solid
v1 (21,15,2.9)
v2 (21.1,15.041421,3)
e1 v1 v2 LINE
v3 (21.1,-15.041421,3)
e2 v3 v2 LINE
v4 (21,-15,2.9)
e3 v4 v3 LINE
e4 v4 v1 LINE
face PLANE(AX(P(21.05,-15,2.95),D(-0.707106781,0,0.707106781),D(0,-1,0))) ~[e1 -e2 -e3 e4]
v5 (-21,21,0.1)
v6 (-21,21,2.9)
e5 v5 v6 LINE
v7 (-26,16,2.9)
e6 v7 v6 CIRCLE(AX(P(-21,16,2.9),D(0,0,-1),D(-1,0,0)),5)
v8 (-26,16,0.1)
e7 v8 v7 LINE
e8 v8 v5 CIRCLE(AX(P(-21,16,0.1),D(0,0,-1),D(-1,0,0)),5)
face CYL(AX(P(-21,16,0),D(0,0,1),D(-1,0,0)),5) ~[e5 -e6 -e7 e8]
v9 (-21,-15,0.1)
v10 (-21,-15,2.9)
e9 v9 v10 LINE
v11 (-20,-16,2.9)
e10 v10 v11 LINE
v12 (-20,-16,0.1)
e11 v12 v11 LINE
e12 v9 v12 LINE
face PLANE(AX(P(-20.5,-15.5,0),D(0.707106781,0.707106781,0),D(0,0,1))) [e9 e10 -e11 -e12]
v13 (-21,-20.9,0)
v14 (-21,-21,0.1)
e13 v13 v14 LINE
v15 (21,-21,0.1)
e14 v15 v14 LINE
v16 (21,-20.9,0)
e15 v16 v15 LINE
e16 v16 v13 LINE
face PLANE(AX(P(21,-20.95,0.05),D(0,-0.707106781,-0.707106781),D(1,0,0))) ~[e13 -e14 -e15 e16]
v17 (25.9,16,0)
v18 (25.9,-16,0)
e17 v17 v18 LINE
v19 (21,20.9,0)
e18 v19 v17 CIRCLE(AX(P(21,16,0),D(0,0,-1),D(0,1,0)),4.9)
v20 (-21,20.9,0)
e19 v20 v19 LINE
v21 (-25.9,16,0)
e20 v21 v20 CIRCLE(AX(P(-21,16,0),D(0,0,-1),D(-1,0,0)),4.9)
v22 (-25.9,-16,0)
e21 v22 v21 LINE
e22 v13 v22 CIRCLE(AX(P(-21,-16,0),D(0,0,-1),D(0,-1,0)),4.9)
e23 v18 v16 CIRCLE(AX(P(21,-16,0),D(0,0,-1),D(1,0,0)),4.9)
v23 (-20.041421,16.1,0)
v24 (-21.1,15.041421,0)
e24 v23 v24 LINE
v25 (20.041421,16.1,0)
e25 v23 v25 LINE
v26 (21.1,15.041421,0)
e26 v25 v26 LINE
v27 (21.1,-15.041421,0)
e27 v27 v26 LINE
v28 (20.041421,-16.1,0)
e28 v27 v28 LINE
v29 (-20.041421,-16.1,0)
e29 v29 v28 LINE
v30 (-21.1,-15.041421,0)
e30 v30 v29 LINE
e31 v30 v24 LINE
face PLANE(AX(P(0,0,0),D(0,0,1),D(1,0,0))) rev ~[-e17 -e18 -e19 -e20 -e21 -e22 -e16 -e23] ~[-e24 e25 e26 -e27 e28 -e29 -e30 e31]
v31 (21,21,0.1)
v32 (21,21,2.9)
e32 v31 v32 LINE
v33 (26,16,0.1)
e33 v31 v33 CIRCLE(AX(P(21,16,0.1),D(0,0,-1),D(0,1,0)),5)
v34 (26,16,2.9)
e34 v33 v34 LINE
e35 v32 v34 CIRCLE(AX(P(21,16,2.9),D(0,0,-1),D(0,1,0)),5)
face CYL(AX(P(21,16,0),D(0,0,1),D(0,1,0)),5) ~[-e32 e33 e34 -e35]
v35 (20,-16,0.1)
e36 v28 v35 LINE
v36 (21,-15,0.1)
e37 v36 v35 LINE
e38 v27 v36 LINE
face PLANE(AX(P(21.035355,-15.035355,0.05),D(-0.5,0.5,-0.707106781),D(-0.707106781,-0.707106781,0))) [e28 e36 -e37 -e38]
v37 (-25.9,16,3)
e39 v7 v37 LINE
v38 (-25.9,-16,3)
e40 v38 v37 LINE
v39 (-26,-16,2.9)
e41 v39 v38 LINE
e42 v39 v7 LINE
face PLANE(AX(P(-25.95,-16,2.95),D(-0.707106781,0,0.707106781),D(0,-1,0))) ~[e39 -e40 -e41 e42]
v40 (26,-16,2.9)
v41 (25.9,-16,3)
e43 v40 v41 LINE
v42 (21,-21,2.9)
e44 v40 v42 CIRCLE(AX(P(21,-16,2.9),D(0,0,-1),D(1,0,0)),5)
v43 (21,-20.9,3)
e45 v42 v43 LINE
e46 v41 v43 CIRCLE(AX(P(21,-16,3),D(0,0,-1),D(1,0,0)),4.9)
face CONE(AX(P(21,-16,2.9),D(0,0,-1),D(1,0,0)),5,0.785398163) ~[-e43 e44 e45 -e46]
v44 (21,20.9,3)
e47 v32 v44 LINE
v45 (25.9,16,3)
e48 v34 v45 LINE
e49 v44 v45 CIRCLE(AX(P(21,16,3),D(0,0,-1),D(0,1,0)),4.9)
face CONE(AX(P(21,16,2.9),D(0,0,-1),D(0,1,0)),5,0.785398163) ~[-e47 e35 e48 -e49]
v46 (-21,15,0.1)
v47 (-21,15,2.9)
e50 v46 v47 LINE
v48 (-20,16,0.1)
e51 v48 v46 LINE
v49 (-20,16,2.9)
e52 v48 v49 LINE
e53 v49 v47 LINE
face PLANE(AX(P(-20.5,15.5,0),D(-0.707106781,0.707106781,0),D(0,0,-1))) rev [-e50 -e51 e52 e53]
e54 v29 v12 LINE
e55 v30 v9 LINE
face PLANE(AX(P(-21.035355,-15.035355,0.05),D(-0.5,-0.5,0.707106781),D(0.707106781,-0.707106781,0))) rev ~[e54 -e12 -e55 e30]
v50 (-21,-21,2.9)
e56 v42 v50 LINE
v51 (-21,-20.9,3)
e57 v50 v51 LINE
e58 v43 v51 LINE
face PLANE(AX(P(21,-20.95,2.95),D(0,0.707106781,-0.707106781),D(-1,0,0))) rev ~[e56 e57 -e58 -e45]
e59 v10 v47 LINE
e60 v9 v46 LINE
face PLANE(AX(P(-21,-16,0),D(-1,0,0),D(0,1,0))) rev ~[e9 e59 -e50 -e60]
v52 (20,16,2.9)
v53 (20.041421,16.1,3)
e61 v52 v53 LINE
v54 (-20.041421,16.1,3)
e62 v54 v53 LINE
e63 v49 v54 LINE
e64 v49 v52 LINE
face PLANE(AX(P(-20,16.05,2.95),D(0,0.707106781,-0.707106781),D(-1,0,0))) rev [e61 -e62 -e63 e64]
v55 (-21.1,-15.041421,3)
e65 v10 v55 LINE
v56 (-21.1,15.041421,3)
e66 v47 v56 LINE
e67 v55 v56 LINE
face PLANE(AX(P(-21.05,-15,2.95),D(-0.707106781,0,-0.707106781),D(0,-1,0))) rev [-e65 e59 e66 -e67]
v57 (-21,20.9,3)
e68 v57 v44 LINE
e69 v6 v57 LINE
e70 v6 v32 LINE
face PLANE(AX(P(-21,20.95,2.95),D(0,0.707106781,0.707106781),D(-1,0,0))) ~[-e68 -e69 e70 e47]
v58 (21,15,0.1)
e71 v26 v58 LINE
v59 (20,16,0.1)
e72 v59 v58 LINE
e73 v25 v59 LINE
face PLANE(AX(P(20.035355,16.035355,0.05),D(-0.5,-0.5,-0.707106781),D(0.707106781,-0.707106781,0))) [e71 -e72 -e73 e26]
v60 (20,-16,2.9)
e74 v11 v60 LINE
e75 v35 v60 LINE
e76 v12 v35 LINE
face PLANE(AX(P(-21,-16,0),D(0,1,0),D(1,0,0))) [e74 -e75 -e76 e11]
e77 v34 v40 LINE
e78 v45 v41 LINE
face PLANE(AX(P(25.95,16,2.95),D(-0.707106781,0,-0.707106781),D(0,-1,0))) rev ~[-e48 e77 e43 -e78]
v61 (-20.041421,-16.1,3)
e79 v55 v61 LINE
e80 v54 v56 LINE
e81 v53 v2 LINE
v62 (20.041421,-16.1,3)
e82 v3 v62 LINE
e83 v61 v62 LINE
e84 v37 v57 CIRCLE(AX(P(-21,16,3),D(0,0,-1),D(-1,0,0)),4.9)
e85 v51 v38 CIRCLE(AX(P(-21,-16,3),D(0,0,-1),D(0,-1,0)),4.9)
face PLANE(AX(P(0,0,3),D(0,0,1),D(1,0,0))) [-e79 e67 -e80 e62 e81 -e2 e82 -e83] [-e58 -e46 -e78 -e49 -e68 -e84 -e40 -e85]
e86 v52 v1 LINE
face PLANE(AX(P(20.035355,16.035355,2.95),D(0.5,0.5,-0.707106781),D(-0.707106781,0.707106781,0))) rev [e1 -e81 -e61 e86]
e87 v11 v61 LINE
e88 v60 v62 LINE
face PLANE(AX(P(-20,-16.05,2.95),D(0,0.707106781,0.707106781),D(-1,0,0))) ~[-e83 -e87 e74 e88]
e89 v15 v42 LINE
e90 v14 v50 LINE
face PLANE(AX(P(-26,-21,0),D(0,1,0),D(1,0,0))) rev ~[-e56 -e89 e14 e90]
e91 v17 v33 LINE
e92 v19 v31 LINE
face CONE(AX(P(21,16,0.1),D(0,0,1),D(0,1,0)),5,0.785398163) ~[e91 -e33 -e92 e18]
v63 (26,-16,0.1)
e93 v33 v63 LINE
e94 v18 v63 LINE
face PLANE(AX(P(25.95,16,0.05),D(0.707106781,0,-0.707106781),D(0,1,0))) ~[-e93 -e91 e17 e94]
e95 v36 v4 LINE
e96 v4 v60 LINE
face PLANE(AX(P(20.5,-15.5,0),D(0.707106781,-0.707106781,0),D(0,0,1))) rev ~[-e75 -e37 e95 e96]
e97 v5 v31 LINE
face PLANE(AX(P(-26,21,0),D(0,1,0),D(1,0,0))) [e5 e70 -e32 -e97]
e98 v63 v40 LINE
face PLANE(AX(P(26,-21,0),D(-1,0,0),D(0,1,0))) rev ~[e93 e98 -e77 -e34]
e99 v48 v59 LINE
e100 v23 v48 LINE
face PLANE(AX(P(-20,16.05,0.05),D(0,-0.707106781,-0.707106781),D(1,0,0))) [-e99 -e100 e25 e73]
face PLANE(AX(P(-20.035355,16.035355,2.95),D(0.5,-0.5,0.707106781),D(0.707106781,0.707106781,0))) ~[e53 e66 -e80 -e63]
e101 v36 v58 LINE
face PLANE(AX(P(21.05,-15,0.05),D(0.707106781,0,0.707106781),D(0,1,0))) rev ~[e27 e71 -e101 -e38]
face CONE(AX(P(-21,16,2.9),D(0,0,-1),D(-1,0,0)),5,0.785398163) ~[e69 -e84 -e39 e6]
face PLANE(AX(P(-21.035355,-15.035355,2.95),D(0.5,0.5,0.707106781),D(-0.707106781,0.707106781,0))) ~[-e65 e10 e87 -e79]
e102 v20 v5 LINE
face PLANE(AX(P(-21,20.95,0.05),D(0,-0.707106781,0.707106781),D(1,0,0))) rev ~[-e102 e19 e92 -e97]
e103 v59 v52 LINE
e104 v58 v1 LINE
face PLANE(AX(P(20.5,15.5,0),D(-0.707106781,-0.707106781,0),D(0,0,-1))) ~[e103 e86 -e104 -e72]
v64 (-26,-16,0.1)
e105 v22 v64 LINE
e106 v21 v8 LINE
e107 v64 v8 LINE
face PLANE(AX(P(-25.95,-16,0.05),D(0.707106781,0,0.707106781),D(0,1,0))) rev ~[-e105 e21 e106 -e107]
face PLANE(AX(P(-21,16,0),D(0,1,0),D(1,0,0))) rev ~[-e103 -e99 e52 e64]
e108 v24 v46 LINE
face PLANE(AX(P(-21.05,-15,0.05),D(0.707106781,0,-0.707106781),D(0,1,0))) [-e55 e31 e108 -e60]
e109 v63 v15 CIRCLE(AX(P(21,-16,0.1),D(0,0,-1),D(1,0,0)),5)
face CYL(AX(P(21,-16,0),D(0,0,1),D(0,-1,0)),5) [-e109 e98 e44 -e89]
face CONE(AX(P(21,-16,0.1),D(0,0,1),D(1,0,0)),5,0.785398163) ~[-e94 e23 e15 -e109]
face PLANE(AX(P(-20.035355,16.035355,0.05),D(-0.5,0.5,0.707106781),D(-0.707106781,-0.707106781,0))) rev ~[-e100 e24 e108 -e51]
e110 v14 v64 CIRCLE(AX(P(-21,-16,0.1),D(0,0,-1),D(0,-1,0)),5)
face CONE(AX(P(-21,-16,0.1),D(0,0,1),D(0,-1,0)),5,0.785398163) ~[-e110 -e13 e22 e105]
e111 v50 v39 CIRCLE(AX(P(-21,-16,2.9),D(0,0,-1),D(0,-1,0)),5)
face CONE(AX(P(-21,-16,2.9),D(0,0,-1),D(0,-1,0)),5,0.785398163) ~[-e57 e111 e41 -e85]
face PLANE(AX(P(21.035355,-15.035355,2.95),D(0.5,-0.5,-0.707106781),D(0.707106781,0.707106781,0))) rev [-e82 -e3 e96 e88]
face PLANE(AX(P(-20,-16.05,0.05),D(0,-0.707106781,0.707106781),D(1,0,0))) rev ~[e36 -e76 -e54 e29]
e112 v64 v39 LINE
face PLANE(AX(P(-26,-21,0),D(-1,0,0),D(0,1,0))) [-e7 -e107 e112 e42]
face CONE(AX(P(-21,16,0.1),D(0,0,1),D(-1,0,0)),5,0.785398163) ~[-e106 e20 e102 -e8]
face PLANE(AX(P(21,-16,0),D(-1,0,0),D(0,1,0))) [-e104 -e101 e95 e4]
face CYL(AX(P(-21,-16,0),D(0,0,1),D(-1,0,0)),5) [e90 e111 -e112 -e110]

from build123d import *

# Parameters (mm, degrees)
F0_W     = 52
F0_H     = 42
F0_W_2   = 42
F0_H_2   = 32
F1_DEPTH = 3
F2_R     = 5
F3_SIZE2 = 1
F3_SIZE  = 1
F4_SIZE  = 1
F5_SIZE  = 0.1


with BuildPart() as f1:
    # F0 (on Top) → F1 (new body)
    with BuildSketch(Plane.XY):
        Rectangle(F0_W, F0_H)
        Rectangle(F0_W_2, F0_H_2, mode=Mode.SUBTRACT)
    extrude(amount=F1_DEPTH)

    # F2
    f2_edges = [f1.edges().sort_by_distance(p)[0] for p in [
        (-26, 21, 1.5),
        (-26, -21, 1.5),
        (26, -21, 1.5),
        (26, 21, 1.5),
    ]]
    fillet(f2_edges, radius=F2_R)

    # F3
    f3_edges = [f1.edges().sort_by_distance(p)[0] for p in [
        (-21, 16, 1.5),
    ]]
    chamfer(f3_edges, length=F3_SIZE, length2=F3_SIZE2)

    # F4
    f4_edges = [f1.edges().sort_by_distance(p)[0] for p in [
        (21, 16, 1.5),
        (21, -16, 1.5),
        (-21, -16, 1.5),
    ]]
    chamfer(f4_edges, length=F4_SIZE)

    # F5
    f5_edges = [f1.edges().sort_by_distance(p)[0] for p in [
        (-21, 0, 3),
        (-20.5, -15.5, 3),
        (-20.5, 15.5, 3),
        (0, -16, 3),
        (0, 16, 3),
        (20.5, -15.5, 3),
        (20.5, 15.5, 3),
        (21, 0, 3),
        (0, 21, 3),
        (24.535534, 19.535534, 3),
        (-24.535534, 19.535534, 3),
        (26, 0, 3),
        (-26, 0, 3),
        (24.535534, -19.535534, 3),
        (-24.535534, -19.535534, 3),
        (0, -21, 3),
        (-21, 0, 0),
        (-20.5, -15.5, 0),
        (-20.5, 15.5, 0),
        (0, -16, 0),
        (0, 16, 0),
        (20.5, -15.5, 0),
        (20.5, 15.5, 0),
        (21, 0, 0),
        (0, 21, 0),
        (24.535534, 19.535534, 0),
        (-24.535534, 19.535534, 0),
        (26, 0, 0),
        (-26, 0, 0),
        (24.535534, -19.535534, 0),
        (-24.535534, -19.535534, 0),
        (0, -21, 0),
    ]]
    chamfer(f5_edges, length=F5_SIZE)


solid = f1.part
